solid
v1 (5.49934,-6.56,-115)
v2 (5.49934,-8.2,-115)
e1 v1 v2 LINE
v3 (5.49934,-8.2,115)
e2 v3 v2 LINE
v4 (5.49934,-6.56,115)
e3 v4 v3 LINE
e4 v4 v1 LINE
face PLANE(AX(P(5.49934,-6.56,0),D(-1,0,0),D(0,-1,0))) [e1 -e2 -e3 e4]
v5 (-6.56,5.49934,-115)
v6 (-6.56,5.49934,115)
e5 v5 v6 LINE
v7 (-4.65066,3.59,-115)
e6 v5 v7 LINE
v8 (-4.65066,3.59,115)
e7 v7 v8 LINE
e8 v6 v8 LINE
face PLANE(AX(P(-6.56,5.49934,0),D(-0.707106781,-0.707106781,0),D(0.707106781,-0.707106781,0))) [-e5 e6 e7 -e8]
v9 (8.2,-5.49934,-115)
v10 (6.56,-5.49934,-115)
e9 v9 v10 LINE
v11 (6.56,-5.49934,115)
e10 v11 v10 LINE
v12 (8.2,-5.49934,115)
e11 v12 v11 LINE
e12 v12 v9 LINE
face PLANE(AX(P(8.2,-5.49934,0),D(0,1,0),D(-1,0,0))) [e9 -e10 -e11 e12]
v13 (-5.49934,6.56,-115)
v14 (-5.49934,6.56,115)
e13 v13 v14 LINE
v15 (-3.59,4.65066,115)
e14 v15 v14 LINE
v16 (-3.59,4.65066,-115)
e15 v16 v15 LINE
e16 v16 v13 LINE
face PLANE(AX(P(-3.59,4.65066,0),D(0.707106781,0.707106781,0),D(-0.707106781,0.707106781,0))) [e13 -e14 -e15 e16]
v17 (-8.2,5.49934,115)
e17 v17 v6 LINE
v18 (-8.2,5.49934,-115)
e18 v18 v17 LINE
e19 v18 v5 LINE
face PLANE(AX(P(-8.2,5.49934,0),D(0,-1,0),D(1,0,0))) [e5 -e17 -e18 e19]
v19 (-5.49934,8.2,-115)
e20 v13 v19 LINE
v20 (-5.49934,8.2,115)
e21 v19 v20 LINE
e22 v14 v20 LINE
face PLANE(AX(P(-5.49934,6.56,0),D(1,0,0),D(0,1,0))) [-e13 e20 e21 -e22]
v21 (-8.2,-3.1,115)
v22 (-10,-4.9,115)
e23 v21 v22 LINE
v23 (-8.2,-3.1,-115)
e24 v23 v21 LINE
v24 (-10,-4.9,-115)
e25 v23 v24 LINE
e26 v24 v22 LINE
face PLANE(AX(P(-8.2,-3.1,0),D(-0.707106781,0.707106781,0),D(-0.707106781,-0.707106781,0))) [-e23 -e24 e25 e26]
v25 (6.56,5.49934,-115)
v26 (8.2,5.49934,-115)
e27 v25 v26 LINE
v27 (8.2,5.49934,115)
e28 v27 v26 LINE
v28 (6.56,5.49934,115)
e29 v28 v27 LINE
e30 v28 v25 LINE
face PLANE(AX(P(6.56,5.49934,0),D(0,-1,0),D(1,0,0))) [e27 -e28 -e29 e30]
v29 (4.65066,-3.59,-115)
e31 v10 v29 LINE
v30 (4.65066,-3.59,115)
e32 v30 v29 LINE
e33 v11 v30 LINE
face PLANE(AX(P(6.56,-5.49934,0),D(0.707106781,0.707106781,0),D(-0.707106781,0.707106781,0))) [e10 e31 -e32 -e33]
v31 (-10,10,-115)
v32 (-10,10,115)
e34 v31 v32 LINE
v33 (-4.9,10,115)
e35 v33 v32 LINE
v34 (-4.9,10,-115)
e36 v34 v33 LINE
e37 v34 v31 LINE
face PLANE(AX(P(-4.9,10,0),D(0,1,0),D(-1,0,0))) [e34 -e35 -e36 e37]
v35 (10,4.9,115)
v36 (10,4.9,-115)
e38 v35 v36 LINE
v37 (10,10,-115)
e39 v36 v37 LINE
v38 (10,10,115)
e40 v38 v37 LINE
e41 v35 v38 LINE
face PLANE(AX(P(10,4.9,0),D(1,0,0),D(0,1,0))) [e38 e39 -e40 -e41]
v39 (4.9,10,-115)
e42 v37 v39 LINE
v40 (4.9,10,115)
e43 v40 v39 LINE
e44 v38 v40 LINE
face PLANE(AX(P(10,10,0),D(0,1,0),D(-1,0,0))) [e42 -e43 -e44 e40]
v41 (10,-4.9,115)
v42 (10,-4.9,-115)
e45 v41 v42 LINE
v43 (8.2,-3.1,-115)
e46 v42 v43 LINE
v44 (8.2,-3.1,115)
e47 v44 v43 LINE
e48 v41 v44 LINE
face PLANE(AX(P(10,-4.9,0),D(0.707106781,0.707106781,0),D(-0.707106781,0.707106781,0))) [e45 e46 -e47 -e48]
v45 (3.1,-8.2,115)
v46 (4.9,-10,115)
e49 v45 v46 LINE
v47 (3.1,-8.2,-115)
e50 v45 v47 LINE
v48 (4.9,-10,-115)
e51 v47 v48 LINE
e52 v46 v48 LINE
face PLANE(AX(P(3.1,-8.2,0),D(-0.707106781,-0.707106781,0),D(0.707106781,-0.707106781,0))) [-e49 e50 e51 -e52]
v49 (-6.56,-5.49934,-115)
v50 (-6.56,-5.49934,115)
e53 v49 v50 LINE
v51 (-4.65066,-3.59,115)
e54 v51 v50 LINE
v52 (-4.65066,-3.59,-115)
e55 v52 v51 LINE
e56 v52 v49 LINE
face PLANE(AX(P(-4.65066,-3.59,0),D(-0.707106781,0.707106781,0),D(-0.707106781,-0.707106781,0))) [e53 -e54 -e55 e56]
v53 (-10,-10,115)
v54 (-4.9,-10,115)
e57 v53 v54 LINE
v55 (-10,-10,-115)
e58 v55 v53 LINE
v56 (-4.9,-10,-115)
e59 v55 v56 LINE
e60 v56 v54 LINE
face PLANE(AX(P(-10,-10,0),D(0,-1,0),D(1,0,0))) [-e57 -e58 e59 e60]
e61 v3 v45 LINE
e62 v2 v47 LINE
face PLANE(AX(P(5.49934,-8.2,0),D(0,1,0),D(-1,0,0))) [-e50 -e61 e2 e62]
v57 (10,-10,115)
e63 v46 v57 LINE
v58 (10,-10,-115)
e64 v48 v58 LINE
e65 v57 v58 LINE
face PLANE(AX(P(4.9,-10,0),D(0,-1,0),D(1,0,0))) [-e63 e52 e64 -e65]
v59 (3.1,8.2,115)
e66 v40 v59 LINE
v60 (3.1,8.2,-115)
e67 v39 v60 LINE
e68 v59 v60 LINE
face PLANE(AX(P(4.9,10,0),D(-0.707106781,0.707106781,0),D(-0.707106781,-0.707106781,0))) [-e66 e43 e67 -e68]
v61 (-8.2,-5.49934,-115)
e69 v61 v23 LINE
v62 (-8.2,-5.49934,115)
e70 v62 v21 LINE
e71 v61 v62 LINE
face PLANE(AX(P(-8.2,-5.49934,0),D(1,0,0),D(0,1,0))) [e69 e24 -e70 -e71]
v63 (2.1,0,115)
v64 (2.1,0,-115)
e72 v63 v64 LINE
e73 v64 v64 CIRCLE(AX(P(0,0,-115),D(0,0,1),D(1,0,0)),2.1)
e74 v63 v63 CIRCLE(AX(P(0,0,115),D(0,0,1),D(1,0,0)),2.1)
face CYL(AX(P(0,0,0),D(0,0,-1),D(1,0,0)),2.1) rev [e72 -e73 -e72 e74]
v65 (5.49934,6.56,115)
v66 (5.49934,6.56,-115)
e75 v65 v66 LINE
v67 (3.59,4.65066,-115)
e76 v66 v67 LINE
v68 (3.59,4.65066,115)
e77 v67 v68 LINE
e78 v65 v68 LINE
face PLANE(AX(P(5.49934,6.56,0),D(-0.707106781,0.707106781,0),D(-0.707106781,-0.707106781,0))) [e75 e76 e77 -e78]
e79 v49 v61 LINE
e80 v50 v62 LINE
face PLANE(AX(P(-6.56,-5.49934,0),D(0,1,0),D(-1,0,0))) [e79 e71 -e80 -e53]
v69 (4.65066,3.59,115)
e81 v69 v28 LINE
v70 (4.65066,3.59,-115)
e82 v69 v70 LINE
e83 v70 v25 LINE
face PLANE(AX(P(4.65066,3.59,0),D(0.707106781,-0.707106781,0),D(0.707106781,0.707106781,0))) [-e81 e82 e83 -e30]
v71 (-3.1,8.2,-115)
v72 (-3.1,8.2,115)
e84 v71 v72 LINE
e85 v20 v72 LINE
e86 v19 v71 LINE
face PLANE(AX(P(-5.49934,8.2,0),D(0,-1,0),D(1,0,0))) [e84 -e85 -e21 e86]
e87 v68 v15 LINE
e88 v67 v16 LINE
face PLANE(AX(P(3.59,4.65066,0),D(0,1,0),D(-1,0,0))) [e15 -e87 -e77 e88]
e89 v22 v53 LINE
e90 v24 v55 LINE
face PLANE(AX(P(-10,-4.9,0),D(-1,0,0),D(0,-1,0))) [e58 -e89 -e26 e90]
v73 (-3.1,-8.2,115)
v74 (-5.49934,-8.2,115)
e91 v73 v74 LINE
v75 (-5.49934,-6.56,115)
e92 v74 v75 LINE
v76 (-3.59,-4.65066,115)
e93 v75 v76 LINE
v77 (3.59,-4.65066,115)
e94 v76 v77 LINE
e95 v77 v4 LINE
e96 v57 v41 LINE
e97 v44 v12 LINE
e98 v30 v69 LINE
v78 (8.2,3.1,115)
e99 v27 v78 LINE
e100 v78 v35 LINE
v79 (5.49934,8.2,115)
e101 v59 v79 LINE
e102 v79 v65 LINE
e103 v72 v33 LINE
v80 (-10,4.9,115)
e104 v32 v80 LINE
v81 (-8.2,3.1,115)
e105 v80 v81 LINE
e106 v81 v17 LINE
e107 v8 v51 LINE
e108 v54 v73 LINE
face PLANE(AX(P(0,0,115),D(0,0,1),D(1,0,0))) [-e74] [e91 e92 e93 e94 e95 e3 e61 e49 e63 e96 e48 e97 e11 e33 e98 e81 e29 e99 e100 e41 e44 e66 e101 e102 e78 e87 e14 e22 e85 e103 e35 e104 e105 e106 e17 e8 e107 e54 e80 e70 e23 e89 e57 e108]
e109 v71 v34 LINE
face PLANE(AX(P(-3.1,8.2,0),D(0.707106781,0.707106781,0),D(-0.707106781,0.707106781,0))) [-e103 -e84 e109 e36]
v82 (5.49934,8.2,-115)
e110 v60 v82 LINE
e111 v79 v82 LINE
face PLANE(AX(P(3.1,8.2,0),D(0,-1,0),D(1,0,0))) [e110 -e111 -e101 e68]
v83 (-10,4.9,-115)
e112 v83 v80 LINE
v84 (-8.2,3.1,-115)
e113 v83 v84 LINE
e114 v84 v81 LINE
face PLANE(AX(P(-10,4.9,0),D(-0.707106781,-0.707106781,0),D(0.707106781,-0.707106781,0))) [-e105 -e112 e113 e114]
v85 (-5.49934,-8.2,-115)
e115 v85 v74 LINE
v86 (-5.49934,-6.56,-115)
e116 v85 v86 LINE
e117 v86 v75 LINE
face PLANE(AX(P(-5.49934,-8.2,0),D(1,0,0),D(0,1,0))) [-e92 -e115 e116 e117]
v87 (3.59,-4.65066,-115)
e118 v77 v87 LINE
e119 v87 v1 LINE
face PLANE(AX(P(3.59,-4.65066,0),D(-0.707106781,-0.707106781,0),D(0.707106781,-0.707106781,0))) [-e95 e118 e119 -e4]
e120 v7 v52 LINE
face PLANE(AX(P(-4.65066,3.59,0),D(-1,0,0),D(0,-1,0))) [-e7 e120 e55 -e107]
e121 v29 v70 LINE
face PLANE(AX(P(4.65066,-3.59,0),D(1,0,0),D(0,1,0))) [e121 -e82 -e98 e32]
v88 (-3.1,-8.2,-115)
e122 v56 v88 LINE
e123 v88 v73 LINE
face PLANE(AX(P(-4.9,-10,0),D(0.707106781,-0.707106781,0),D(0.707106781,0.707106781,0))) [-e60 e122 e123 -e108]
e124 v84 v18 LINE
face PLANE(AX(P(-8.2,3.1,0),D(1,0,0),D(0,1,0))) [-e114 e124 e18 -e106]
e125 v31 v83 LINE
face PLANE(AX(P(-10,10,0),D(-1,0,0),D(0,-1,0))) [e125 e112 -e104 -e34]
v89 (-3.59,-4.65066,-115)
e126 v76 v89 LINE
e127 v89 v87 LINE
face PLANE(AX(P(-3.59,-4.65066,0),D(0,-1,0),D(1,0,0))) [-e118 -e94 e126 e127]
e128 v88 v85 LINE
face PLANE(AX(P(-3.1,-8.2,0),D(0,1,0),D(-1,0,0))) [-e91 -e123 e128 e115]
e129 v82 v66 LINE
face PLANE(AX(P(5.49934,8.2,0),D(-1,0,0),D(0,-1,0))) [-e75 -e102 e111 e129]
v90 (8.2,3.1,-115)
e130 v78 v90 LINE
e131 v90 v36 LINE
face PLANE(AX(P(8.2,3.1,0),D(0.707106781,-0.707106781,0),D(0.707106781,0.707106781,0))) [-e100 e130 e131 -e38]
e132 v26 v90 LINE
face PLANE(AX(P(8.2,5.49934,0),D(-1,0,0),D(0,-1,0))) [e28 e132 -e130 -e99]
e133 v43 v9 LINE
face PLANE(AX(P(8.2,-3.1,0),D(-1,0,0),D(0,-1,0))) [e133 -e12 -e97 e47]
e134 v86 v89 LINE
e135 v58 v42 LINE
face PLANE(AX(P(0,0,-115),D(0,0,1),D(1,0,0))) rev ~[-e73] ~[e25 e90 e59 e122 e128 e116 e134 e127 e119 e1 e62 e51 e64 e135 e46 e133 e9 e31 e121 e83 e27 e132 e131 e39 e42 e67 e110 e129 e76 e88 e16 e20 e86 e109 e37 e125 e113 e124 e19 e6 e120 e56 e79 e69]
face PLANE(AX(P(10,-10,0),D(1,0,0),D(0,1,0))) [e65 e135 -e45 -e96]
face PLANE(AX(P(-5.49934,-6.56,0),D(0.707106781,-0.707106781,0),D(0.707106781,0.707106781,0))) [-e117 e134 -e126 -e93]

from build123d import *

# Parameters (mm, degrees)
SKETCH1_R           = 2.1
BOSS_EXTRUDE1_DEPTH = 115


with BuildPart() as part:
    # Sketch1 → Boss-Extrude1 (new body, symmetric)
    with BuildSketch(Plane.XY):
        Polygon((5.499339828, 6.56), (3.59, 4.650660172), (-3.59, 4.650660172), (-5.499339828, 6.56), (-5.499339828, 8.2), (-3.1, 8.2), (-4.9, 10), (-10, 10), (-10, 4.9), (-8.2, 3.1), (-8.2, 5.499339828), (-6.56, 5.499339828), (-4.650660172, 3.59), (-4.650660172, -3.59), (-6.56, -5.499339828), (-8.2, -5.499339828), (-8.2, -3.1), (-10, -4.9), (-10, -10), (-4.9, -10), (-3.1, -8.2), (-5.499339828, -8.2), (-5.499339828, -6.56), (-3.59, -4.650660172), (3.59, -4.650660172), (5.499339828, -6.56), (5.499339828, -8.2), (3.1, -8.2), (4.9, -10), (10, -10), (10, -4.9), (8.2, -3.1), (8.2, -5.499339828), (6.56, -5.499339828), (4.650660172, -3.59), (4.650660172, 3.59), (6.56, 5.499339828), (8.2, 5.499339828), (8.2, 3.1), (10, 4.9), (10, 10), (4.9, 10), (3.1, 8.2), (5.499339828, 8.2), align=None)
        Circle(SKETCH1_R, mode=Mode.SUBTRACT)
    extrude(amount=BOSS_EXTRUDE1_DEPTH, both=True)


solid = part.part
